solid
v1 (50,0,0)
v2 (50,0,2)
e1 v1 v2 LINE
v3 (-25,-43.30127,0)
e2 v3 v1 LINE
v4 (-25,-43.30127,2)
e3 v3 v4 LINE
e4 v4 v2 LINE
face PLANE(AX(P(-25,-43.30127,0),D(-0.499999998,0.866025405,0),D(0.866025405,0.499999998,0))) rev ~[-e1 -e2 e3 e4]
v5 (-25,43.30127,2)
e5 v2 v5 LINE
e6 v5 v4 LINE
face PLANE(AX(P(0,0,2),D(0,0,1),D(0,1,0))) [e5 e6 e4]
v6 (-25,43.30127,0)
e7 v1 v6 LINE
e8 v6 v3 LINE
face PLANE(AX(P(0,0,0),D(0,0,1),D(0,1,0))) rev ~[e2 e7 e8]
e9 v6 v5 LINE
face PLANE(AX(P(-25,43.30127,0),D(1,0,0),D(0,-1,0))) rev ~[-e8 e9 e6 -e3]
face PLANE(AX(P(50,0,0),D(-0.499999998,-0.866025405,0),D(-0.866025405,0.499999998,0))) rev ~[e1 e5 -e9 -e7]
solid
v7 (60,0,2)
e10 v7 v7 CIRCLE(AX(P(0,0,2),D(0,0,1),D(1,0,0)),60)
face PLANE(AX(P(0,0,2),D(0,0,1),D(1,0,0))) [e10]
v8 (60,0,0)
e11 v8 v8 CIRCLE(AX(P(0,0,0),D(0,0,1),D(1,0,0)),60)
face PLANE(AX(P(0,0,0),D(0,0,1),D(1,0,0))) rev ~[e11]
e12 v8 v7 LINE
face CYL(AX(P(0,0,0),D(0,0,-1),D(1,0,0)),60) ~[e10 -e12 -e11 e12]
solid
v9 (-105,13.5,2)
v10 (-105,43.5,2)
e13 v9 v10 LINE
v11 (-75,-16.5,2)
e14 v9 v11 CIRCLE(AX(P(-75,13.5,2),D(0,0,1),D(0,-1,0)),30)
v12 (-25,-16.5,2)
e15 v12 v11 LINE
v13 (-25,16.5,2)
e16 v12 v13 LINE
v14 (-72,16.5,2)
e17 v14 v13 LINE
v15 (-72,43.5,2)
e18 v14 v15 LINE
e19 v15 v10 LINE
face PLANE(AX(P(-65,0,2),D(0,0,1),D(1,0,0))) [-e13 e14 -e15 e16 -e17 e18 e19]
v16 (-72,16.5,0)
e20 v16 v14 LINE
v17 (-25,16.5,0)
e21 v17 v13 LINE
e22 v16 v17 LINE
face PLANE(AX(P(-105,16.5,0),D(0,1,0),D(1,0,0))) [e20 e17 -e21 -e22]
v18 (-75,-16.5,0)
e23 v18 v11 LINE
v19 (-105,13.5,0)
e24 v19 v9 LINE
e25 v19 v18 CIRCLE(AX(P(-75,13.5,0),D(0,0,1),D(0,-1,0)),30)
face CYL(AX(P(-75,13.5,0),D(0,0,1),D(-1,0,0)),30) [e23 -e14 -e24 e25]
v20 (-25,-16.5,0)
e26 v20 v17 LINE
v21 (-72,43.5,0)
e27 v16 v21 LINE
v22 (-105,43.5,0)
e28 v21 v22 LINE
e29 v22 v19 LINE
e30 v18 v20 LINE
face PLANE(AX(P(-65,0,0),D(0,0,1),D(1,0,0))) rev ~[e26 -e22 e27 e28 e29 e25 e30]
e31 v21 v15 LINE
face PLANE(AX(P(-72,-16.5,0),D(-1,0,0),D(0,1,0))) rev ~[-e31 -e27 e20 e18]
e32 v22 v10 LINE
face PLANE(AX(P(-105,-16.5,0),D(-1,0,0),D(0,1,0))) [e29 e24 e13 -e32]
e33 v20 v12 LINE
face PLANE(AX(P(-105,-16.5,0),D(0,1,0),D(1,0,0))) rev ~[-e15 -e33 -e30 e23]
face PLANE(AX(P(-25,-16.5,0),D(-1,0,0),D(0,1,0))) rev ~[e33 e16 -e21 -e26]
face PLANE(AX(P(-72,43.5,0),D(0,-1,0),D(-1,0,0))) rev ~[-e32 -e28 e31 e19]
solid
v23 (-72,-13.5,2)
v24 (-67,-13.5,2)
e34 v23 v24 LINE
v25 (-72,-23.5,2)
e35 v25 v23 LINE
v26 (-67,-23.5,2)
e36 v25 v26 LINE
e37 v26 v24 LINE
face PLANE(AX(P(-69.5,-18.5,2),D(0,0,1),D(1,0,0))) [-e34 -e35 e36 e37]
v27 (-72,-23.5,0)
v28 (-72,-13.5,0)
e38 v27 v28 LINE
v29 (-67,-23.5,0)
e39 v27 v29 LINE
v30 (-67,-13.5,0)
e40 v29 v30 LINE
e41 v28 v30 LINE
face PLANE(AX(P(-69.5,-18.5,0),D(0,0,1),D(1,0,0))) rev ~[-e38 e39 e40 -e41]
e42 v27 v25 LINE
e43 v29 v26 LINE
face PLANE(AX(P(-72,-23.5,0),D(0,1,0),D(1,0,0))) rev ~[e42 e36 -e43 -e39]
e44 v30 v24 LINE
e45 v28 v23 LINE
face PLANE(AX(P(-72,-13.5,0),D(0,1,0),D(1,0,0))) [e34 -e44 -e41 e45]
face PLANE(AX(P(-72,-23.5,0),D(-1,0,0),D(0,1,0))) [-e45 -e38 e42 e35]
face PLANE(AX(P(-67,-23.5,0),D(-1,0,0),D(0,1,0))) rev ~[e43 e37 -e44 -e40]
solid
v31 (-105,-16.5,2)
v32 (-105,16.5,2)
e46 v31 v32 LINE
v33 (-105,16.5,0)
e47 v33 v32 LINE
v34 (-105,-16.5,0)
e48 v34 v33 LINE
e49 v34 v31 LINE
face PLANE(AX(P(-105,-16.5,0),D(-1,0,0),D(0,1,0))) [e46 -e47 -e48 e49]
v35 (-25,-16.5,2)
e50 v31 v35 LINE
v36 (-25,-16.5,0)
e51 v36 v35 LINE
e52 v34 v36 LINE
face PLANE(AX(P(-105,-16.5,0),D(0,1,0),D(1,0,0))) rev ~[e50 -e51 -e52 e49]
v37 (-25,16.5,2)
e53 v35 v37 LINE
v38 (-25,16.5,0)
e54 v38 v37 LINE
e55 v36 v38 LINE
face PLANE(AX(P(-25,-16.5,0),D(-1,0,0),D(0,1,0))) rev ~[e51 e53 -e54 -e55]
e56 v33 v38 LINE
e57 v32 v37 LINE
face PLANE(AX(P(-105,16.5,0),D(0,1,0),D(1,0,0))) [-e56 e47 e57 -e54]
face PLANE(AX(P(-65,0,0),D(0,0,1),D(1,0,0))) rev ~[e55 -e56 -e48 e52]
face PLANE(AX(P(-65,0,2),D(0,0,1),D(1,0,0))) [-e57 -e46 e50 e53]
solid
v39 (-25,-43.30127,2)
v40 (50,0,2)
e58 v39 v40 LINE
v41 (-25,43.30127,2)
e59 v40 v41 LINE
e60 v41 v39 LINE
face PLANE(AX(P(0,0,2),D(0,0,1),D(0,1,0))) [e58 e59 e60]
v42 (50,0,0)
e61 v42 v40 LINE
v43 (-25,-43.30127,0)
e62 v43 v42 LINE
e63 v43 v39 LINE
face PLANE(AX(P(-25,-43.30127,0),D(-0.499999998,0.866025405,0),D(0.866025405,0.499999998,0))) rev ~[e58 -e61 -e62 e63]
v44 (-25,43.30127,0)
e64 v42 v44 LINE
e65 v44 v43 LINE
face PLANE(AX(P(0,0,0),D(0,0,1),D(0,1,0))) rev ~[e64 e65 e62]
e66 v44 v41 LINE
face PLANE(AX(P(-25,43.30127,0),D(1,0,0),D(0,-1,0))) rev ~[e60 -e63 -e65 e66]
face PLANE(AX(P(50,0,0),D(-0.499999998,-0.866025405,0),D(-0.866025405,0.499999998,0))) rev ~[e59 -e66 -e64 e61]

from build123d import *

# Parameters (mm, degrees)
BOX_W            = 80
BOX_H            = 33
BOX_DEPTH        = 2
EXTRUDE_DEPTH    = 2
EXTRUDE001_DEPTH = 2
BOX001_W         = 60
BOX001_H         = 33
BOX001_DEPTH     = 2
BOX002_W         = 80
BOX002_H         = 33
BOX002_DEPTH     = 2
FILLET_R         = 30
CYLINDER_R       = 60
CYLINDER_DEPTH   = 2
BOX003_W         = 5
BOX003_H         = 10
BOX003_DEPTH     = 2


with BuildPart() as rabo:
    # Box → Box (new body)
    with BuildSketch(Plane(origin=(-105, -16.5, 0), x_dir=(1, 0, 0), z_dir=(0, 0, 1))):
        with Locations((40, 16.5)):
            Rectangle(BOX_W, BOX_H)
    extrude(amount=BOX_DEPTH)


with BuildPart() as extrude_body:
    # RegularPolygon002 → Extrude (new body)
    with BuildSketch(Plane(origin=(12.5, 0, 0), x_dir=(0, 1, 0), z_dir=(0, 0, 1))):
        Polygon((0, -37.5), (43.30127, 37.5), (-43.30127, 37.5), align=None)
    extrude(amount=EXTRUDE_DEPTH)


with BuildPart() as frecha:
    # RegularPolygon002 → Extrude001 (new body)
    with BuildSketch(Plane(origin=(12.5, 0, 0), x_dir=(0, 1, 0), z_dir=(0, 0, 1))):
        Polygon((0, -37.5), (43.30127, 37.5), (-43.30127, 37.5), align=None)
    extrude(amount=EXTRUDE001_DEPTH)


with BuildPart() as cubo001:
    # Box001 → Box001 (new body)
    with BuildSketch(Plane(origin=(-72, -16.5, 0), x_dir=(0, 1, 0), z_dir=(0, 0, 1))):
        with Locations((30, 16.5)):
            Rectangle(BOX001_W, BOX001_H)
    extrude(amount=BOX001_DEPTH)


with BuildPart() as xiro:
    # Box002 → Box002 (new body)
    with BuildSketch(Plane(origin=(-105, -16.5, 0), x_dir=(1, 0, 0), z_dir=(0, 0, 1))):
        with Locations((40, 16.5)):
            Rectangle(BOX002_W, BOX002_H)
    extrude(amount=BOX002_DEPTH)

    # Fusion: union Cubo001
    add(cubo001.part)

    # Fillet
    fillet_edges = [xiro.edges().sort_by_distance(p)[0] for p in [
        (-105, -16.5, 1),
    ]]
    fillet(fillet_edges, radius=FILLET_R)


with BuildPart() as circulo:
    # Cylinder → Cylinder (new body)
    with BuildSketch(Plane.XY):
        Circle(CYLINDER_R)
    extrude(amount=CYLINDER_DEPTH)


with BuildPart() as cubo:
    # Box003 → Box003 (new body)
    with BuildSketch(Plane(origin=(-72, -23.5, 0), x_dir=(1, 0, 0), z_dir=(0, 0, 1))):
        with Locations((2.5, 5)):
            Rectangle(BOX003_W, BOX003_H)
    extrude(amount=BOX003_DEPTH)


solid = Compound([rabo.part, extrude_body.part, frecha.part, xiro.part, circulo.part, cubo.part])
